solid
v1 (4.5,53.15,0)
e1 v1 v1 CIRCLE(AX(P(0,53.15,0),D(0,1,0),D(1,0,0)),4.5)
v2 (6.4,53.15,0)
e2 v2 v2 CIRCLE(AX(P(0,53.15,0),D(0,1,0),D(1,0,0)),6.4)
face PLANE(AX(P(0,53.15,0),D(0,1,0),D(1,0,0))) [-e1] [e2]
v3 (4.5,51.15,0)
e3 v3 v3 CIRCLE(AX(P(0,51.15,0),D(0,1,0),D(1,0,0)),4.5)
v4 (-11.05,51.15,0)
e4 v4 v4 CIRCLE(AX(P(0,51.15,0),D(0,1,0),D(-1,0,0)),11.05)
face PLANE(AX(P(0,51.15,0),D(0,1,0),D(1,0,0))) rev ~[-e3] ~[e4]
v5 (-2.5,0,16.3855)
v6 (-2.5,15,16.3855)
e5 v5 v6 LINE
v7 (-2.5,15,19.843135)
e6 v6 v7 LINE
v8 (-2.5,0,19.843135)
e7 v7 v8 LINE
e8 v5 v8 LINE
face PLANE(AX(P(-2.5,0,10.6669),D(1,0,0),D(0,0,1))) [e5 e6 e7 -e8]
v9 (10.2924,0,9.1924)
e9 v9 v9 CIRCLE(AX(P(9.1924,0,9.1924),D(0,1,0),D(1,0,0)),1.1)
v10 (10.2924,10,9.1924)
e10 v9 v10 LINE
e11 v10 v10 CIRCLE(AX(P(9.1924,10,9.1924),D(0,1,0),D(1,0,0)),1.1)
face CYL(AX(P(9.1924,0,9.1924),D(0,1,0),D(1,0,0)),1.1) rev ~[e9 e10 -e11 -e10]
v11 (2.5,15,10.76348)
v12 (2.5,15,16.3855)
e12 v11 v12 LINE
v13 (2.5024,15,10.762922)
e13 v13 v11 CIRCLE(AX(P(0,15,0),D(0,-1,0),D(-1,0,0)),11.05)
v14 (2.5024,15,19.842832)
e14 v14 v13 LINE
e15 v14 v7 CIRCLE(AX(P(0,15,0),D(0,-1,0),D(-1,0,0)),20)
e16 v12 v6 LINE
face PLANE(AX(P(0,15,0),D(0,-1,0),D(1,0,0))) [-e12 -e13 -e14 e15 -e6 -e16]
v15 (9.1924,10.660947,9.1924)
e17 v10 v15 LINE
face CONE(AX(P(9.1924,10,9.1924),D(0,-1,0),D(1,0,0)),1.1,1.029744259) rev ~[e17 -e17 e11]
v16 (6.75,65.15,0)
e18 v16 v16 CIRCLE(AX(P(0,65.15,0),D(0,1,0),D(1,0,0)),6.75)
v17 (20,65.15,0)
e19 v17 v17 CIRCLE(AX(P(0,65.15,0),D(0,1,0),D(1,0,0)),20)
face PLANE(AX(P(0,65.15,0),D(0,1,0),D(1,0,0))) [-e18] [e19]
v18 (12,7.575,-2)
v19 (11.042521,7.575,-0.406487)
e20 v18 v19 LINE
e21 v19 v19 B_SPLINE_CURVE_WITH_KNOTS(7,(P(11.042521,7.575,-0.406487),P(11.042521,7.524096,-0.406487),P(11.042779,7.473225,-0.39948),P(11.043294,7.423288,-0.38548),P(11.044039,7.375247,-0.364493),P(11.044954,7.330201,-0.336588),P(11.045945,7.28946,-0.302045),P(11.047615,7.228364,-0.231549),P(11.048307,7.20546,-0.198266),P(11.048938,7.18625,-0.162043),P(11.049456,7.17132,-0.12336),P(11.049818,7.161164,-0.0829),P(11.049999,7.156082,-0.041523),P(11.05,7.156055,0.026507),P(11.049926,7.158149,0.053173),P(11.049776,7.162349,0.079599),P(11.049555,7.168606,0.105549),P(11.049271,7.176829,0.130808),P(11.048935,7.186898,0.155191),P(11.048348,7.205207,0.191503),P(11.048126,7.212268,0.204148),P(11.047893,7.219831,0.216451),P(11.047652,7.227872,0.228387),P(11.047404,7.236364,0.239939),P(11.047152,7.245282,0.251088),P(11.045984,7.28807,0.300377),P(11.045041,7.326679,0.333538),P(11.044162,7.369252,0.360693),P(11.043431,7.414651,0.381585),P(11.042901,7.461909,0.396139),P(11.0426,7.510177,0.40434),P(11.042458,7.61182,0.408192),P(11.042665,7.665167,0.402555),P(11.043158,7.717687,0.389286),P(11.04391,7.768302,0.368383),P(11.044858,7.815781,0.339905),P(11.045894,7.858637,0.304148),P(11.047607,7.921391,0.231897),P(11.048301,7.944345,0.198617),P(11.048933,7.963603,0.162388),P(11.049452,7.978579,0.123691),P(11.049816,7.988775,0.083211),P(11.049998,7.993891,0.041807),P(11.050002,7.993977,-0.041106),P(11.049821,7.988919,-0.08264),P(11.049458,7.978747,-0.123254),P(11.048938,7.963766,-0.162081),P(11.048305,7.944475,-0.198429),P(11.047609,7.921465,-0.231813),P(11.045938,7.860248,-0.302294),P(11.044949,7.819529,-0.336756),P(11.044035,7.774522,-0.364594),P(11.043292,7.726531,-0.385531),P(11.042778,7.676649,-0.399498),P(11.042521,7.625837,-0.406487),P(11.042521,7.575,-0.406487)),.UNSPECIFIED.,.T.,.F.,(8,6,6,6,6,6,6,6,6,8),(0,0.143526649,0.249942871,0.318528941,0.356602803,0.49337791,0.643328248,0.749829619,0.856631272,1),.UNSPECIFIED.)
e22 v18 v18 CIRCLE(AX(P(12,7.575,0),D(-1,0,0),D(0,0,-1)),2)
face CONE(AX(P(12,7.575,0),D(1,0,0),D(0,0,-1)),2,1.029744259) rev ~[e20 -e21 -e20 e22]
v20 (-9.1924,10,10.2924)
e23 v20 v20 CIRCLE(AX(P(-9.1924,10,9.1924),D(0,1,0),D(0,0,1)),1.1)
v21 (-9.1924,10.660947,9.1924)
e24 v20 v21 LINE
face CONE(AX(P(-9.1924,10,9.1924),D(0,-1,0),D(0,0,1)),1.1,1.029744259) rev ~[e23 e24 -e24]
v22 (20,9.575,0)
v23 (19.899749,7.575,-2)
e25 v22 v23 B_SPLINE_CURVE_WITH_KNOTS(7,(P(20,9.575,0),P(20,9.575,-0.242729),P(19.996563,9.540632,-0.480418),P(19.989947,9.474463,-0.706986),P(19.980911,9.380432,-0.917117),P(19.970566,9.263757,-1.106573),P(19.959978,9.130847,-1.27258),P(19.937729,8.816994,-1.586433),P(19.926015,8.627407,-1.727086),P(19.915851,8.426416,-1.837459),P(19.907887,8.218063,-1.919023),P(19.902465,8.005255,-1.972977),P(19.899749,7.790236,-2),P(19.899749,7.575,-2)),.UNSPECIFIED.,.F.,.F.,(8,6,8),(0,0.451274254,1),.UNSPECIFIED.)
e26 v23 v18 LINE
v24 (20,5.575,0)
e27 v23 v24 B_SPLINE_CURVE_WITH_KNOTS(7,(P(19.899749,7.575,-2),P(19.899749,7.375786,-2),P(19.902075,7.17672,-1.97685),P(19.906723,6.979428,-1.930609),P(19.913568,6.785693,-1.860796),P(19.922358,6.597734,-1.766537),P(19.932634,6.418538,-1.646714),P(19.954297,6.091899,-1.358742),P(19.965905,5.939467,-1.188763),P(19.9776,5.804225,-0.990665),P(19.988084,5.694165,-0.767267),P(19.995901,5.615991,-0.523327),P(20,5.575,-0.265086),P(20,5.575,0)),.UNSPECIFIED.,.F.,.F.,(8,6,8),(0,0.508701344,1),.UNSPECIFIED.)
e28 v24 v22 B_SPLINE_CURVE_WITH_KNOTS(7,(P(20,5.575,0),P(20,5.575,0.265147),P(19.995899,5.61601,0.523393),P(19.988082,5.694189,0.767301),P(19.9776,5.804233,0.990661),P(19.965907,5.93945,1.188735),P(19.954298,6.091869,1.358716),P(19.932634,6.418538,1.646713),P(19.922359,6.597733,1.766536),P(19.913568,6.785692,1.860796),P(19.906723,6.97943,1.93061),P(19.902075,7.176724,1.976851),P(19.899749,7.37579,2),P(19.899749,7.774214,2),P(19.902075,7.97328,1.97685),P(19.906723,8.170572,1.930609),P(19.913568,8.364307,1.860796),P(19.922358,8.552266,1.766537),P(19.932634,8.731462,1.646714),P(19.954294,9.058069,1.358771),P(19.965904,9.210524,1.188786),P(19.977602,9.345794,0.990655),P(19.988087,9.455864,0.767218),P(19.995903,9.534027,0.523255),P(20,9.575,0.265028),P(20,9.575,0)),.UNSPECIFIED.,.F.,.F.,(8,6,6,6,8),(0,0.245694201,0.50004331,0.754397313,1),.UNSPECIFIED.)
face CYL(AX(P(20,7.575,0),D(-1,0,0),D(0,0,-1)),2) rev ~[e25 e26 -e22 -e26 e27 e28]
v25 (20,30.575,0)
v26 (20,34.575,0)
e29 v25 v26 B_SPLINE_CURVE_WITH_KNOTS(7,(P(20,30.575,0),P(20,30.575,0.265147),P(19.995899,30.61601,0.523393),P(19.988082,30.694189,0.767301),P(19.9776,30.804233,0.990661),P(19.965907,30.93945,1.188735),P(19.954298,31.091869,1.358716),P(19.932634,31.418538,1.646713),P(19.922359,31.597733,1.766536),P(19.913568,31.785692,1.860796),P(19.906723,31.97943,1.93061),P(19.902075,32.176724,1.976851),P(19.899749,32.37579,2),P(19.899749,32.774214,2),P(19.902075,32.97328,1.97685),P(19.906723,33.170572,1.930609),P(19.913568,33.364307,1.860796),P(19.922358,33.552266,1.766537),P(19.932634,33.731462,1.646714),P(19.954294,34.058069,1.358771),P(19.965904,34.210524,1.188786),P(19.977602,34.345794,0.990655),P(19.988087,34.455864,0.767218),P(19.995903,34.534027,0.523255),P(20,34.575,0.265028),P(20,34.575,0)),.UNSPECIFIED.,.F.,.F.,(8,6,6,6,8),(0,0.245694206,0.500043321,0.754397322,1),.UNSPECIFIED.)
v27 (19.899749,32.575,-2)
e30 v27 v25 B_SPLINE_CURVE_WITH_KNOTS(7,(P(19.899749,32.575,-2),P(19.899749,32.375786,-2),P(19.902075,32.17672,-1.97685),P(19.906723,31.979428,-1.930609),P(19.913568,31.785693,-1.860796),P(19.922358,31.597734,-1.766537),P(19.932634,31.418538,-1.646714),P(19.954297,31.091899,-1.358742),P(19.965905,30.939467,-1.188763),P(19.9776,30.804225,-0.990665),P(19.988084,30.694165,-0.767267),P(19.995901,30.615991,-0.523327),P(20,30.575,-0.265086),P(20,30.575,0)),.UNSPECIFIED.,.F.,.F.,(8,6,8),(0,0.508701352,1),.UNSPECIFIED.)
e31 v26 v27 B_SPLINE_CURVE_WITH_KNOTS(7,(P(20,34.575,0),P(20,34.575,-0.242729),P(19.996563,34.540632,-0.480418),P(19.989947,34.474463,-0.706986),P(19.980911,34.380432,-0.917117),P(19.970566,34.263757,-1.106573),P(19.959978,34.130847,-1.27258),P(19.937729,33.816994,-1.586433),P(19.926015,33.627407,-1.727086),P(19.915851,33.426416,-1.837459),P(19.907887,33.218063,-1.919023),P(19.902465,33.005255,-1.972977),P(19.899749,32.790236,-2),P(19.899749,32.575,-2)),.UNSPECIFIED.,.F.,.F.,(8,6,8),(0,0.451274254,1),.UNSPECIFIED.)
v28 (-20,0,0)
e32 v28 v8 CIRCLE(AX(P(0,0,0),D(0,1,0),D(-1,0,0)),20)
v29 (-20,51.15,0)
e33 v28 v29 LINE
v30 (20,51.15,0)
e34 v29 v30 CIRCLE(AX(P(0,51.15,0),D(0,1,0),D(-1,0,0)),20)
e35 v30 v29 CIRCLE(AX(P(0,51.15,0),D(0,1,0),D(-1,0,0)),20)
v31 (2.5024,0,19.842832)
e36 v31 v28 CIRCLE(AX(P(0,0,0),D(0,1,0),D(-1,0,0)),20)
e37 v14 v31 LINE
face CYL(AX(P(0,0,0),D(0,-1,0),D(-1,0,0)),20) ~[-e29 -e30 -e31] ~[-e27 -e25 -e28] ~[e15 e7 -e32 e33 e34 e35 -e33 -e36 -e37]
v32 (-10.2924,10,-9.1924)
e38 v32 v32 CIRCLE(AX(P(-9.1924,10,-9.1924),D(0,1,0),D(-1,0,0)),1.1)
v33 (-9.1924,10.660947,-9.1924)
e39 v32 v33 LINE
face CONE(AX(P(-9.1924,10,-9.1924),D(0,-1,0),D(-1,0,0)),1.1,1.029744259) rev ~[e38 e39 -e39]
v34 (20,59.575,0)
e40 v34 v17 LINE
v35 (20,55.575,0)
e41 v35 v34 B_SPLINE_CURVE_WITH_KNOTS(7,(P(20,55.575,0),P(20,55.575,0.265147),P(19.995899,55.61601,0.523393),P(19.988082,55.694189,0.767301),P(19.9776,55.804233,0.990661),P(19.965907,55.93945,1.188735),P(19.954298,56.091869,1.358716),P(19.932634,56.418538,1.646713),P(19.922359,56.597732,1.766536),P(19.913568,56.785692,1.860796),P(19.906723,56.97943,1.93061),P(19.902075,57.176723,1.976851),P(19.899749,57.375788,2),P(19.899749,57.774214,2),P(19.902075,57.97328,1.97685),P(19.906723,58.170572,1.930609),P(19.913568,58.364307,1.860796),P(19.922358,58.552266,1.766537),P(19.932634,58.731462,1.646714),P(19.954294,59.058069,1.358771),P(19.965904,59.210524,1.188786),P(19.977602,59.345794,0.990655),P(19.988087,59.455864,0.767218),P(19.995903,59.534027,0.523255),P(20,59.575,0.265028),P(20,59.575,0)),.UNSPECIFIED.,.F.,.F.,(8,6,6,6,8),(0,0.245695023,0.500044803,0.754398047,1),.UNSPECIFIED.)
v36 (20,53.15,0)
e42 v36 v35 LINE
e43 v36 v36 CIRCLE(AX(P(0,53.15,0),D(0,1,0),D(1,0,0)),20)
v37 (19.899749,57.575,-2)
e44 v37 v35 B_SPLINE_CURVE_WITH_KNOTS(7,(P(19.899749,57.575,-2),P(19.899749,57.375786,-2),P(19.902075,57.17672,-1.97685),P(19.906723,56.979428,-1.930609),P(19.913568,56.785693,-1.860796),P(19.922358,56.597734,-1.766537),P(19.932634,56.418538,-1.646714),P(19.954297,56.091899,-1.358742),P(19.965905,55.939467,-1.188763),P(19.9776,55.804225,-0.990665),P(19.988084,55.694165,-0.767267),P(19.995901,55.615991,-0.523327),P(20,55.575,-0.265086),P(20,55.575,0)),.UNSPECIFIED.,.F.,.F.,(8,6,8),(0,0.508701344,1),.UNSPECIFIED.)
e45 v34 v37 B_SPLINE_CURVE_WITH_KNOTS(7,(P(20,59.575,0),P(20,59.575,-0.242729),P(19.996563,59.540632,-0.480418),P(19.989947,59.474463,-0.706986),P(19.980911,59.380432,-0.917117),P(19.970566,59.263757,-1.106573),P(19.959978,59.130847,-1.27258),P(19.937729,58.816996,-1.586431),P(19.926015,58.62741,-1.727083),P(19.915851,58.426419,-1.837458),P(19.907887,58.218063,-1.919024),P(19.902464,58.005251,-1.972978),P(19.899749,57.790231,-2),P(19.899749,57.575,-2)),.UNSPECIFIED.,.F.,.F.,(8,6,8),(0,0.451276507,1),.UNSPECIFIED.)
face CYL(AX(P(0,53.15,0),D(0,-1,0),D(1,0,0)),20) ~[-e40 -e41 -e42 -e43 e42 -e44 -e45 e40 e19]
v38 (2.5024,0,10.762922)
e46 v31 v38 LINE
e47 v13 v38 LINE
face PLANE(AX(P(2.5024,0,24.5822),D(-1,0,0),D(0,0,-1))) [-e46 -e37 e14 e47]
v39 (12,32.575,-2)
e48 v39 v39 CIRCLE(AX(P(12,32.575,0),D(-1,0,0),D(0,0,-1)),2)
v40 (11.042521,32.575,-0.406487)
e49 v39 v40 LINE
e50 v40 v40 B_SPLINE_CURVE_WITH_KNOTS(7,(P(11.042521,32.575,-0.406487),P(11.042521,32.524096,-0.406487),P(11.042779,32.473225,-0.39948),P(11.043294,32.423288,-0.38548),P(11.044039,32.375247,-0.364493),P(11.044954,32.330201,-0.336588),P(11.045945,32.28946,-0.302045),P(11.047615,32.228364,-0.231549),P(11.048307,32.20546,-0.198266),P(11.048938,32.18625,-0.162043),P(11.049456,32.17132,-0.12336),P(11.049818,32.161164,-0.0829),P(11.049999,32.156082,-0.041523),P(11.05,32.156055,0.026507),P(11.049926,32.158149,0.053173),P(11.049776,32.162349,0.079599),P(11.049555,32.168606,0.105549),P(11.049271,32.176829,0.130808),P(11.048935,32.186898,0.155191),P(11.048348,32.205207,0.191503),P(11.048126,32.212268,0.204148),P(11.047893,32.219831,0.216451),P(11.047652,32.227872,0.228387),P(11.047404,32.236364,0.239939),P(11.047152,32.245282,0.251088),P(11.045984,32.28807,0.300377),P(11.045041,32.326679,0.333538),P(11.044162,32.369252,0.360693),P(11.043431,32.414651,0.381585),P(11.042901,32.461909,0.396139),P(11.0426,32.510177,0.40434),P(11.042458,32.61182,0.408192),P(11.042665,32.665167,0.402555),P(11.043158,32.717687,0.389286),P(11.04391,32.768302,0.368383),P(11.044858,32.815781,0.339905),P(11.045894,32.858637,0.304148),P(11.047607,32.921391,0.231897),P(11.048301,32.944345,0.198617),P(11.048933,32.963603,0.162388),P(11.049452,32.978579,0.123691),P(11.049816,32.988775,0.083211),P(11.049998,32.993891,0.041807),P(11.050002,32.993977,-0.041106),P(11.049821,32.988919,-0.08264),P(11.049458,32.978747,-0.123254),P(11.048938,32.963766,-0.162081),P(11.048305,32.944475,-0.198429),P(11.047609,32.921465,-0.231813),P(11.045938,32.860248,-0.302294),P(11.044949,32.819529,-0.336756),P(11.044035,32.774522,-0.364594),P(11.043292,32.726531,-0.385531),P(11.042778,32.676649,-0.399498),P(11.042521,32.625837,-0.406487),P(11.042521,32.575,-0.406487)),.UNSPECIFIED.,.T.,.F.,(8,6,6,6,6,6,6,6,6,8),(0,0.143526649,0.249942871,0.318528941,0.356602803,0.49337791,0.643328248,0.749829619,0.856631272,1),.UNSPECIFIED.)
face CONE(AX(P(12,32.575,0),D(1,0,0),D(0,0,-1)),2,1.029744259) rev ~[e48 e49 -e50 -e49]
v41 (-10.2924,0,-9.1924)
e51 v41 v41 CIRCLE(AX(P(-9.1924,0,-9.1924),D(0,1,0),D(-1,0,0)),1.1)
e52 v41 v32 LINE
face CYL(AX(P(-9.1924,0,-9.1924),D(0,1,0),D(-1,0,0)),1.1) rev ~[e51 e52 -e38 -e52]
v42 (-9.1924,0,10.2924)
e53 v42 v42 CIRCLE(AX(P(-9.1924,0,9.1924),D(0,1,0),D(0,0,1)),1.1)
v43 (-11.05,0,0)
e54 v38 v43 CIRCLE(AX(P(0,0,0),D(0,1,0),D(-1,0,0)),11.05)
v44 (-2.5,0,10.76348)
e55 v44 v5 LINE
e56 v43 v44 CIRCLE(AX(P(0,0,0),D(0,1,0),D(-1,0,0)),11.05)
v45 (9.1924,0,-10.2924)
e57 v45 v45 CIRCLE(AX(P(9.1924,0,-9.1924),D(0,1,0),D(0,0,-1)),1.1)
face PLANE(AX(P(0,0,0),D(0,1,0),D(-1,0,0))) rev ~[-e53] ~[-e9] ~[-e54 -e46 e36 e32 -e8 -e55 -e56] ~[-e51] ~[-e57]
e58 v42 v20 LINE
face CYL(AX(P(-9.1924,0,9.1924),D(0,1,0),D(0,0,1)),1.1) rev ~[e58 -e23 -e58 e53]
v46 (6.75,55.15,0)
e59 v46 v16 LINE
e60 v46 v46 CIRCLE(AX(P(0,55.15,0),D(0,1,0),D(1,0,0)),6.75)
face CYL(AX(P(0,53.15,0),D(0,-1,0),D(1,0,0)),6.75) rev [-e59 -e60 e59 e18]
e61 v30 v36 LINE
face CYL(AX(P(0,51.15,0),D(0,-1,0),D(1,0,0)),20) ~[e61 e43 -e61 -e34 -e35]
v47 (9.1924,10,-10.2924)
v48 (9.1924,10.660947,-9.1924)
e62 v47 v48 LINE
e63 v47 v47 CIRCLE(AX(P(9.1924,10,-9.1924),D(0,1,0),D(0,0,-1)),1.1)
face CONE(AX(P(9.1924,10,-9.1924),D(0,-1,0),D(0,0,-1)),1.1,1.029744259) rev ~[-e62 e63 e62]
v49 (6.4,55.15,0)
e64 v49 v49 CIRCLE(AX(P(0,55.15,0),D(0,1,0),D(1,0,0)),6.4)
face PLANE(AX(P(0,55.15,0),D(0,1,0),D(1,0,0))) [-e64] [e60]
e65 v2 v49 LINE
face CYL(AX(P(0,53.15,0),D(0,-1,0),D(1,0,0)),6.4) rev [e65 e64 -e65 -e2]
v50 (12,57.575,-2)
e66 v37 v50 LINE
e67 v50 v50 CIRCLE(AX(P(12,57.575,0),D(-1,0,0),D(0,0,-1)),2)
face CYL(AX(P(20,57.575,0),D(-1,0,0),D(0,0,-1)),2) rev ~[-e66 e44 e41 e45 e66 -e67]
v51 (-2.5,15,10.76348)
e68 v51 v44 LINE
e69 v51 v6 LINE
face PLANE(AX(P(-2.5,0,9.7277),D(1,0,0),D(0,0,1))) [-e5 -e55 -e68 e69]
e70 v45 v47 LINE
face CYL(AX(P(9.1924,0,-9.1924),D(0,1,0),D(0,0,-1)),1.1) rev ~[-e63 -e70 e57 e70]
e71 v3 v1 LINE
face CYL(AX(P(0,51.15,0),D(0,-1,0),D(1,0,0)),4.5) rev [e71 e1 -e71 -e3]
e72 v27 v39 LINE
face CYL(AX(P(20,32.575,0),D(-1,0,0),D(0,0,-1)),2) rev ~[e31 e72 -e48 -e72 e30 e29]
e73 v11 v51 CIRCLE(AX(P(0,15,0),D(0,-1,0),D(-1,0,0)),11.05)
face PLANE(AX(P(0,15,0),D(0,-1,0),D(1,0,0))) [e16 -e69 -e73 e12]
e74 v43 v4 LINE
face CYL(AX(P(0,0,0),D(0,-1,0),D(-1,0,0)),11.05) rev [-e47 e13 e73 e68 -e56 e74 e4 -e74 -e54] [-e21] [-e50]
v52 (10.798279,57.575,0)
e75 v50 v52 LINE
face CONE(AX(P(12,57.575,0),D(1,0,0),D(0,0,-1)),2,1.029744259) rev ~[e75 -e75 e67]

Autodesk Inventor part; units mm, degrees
ref_plane "XZ Plane" through (0, 0, 0) normal (0, 1, 0) x (-1, 0, 0)
ref_plane "XY Plane" through (0, 0, 0) normal (0, 0, 1) x (1, 0, 0)
sketch "Sketch1" plane through (0, 0, 0) normal (0, 1, 0) x (-1, 0, 0)
  circle A0 centre (0, 0) radius 20
  circle A1 centre (0, 0) radius 11.05
  dimension "d0" = 40
  dimension "d1" = 22.1
extrude "Extrusion1" add sketch "Sketch1" along normal blind 51.15
sketch "Sketch2" plane through (0, 0, 0) normal (0, -1, 0) x (1, 0, 0)
  circle A0 centre (0, 0) radius 13
  line L0 (0, 0) -> (9.1924, 0)
  line L1 (9.1924, 0) -> (9.1924, -9.1924)
  line L2 (9.1924, -9.1924) -> (0, -9.1924)
  line L3 (0, -9.1924) -> (0, 0)
  dimension "d4" = 26
  dimension "d5" = 9.1924
hole "Hole1" at (9.1924, 0, -9.1924) direction (0, 1, 0) diameter 2.2 depth 10 tip angle 118
pattern_circular "Circular Pattern1" count 4 over 360 about axis through (0, 0, 0) along (0, 1, 0) of "Hole1"
thread "Thread1" size "M2.2x0.25" class "6H" standard "ISO Metric profile" full length
thread "Thread3" size "M2.2x0.25" class "6H" standard "ISO Metric profile" full length
thread "Thread4" size "M2.2x0.25" class "6H" standard "ISO Metric profile" full length
thread "Thread5" size "M2.2x0.25" class "6H" standard "ISO Metric profile" full length
sketch "Sketch3" plane through (0, 51.15, 0) normal (0, 1, 0) x (1, 0, 0)
  circle A0 centre (0, 0) radius 20
  circle A1 centre (0, 0) radius 4.5
  dimension "d26" = 40
  dimension "d27" = 9
extrude "Extrusion2" add sketch "Sketch3" along normal blind 2
sketch "Sketch4" plane through (0, 53.15, 0) normal (0, 1, 0) x (1, 0, 0)
  point P0 (0, 0)
sketch "Sketch5" plane through (0, 53.15, 0) normal (0, 1, 0) x (1, 0, 0)
  circle A0 centre (0, 0) radius 6.75
  circle A1 centre (0, 0) radius 20
  dimension "d30" = 13.5
  dimension "d31" = 40
extrude "Extrusion3" add sketch "Sketch5" along normal blind 12
thread "Thread6" size "M14x0.5" class "6H" standard "ISO Metric profile" full length
sketch "Sketch8" plane through (0, 0, 0) normal (0, -1, 0) x (1, 0, 0)
  point P0 (0, 0)
sketch "Sketch9" plane through (0, 0, 0) normal (0, -1, 0) x (1, 0, 0)
  line L0 (0, 9.7277) -> (2.5, 9.7277)
  line L1 (2.5, 9.7277) -> (2.5, 16.3855)
  line L2 (2.5, 16.3855) -> (0, 16.3855)
  line L3 (0, 16.3855) -> (0, 9.7277)
  line L4 (0, 9.7277) -> (-2.5, 9.7277)
  line L5 (-2.5, 9.7277) -> (-2.5, 16.3855)
  line L6 (-2.5, 16.3855) -> (0, 16.3855)
  line L7 (0, 16.3855) -> (0, 9.7277)
  point P0 (0, 0)
  dimension "d1" = 22.1
  dimension "d54" = 2.5
  dimension "d55" = 2.5
extrude "Extrusion4" cut sketch "Sketch9" against normal blind 15
sketch "Sketch10" plane through (0, 0, 0) normal (1, 0, 0) x (0, 1, 0)
  point P0 (0, 0)
ref_plane "Work Plane1" through (20, 0, 0) normal (1, 0, 0) x (0, 1, 0)
sketch "Sketch15" plane through (0, 0, 0) normal (0, -1, 0) x (1, 0, 0)
  line L0 (2.5024, 10.6669) -> (-2.5, 10.6669)
  line L1 (-2.5, 10.6669) -> (-2.5, 24.5822)
  line L2 (-2.5, 24.5822) -> (2.5024, 24.5822)
  line L3 (2.5024, 24.5822) -> (2.5024, 10.6669)
  point P0 (0, 0)
extrude "Extrusion5" cut sketch "Sketch15" against normal blind 15
sketch "Sketch18" plane through (20, 0, 0) normal (1, 0, 0) x (0, 1, 0)
  line L0 (0, 0) -> (7.575, 0)
  line L1 (7.575, 0) -> (32.575, 0)
  line L2 (32.575, 0) -> (57.575, 0)
  dimension "d102" = 7.575
  dimension "d103" = 25
  dimension "d104" = 25
  dimension "d105" = 180
hole "Hole6" at (20, 57.575, 0) direction (-1, 0, 0) diameter 4 depth 8 tip angle 118
hole "Hole7" at (20, 7.575, 0) at (20, 32.575, 0) direction (-1, 0, 0) diameter 4 depth 8 tip angle 118
thread "Thread7" size "M4x0.7" class "6H" standard "ANSI Metric M Profile" full length
thread "Thread8" size "M4x0.7" class "6H" standard "ANSI Metric M Profile" full length
thread "Thread9" size "M4x0.7" class "6H" standard "ANSI Metric M Profile" full length
sketch "Sketch19" plane through (0, 53.15, 0) normal (0, 1, 0) x (1, 0, 0)
  circle A0 centre (0, 0) radius 6.75
  circle A1 centre (0, 0) radius 6.4
  dimension "d128" = 13.5
  dimension "d129" = 12.8
extrude "Extrusion6" add sketch "Sketch19" along normal blind 2
thread "Thread11" size "M14x0.5" class "6H" standard "ANSI Metric M Profile" length 10
equation "\"d43\" = 60deg"
equation "\"Sketch6_Pitch\" = 0.5"
properties part number "enclosire2"
